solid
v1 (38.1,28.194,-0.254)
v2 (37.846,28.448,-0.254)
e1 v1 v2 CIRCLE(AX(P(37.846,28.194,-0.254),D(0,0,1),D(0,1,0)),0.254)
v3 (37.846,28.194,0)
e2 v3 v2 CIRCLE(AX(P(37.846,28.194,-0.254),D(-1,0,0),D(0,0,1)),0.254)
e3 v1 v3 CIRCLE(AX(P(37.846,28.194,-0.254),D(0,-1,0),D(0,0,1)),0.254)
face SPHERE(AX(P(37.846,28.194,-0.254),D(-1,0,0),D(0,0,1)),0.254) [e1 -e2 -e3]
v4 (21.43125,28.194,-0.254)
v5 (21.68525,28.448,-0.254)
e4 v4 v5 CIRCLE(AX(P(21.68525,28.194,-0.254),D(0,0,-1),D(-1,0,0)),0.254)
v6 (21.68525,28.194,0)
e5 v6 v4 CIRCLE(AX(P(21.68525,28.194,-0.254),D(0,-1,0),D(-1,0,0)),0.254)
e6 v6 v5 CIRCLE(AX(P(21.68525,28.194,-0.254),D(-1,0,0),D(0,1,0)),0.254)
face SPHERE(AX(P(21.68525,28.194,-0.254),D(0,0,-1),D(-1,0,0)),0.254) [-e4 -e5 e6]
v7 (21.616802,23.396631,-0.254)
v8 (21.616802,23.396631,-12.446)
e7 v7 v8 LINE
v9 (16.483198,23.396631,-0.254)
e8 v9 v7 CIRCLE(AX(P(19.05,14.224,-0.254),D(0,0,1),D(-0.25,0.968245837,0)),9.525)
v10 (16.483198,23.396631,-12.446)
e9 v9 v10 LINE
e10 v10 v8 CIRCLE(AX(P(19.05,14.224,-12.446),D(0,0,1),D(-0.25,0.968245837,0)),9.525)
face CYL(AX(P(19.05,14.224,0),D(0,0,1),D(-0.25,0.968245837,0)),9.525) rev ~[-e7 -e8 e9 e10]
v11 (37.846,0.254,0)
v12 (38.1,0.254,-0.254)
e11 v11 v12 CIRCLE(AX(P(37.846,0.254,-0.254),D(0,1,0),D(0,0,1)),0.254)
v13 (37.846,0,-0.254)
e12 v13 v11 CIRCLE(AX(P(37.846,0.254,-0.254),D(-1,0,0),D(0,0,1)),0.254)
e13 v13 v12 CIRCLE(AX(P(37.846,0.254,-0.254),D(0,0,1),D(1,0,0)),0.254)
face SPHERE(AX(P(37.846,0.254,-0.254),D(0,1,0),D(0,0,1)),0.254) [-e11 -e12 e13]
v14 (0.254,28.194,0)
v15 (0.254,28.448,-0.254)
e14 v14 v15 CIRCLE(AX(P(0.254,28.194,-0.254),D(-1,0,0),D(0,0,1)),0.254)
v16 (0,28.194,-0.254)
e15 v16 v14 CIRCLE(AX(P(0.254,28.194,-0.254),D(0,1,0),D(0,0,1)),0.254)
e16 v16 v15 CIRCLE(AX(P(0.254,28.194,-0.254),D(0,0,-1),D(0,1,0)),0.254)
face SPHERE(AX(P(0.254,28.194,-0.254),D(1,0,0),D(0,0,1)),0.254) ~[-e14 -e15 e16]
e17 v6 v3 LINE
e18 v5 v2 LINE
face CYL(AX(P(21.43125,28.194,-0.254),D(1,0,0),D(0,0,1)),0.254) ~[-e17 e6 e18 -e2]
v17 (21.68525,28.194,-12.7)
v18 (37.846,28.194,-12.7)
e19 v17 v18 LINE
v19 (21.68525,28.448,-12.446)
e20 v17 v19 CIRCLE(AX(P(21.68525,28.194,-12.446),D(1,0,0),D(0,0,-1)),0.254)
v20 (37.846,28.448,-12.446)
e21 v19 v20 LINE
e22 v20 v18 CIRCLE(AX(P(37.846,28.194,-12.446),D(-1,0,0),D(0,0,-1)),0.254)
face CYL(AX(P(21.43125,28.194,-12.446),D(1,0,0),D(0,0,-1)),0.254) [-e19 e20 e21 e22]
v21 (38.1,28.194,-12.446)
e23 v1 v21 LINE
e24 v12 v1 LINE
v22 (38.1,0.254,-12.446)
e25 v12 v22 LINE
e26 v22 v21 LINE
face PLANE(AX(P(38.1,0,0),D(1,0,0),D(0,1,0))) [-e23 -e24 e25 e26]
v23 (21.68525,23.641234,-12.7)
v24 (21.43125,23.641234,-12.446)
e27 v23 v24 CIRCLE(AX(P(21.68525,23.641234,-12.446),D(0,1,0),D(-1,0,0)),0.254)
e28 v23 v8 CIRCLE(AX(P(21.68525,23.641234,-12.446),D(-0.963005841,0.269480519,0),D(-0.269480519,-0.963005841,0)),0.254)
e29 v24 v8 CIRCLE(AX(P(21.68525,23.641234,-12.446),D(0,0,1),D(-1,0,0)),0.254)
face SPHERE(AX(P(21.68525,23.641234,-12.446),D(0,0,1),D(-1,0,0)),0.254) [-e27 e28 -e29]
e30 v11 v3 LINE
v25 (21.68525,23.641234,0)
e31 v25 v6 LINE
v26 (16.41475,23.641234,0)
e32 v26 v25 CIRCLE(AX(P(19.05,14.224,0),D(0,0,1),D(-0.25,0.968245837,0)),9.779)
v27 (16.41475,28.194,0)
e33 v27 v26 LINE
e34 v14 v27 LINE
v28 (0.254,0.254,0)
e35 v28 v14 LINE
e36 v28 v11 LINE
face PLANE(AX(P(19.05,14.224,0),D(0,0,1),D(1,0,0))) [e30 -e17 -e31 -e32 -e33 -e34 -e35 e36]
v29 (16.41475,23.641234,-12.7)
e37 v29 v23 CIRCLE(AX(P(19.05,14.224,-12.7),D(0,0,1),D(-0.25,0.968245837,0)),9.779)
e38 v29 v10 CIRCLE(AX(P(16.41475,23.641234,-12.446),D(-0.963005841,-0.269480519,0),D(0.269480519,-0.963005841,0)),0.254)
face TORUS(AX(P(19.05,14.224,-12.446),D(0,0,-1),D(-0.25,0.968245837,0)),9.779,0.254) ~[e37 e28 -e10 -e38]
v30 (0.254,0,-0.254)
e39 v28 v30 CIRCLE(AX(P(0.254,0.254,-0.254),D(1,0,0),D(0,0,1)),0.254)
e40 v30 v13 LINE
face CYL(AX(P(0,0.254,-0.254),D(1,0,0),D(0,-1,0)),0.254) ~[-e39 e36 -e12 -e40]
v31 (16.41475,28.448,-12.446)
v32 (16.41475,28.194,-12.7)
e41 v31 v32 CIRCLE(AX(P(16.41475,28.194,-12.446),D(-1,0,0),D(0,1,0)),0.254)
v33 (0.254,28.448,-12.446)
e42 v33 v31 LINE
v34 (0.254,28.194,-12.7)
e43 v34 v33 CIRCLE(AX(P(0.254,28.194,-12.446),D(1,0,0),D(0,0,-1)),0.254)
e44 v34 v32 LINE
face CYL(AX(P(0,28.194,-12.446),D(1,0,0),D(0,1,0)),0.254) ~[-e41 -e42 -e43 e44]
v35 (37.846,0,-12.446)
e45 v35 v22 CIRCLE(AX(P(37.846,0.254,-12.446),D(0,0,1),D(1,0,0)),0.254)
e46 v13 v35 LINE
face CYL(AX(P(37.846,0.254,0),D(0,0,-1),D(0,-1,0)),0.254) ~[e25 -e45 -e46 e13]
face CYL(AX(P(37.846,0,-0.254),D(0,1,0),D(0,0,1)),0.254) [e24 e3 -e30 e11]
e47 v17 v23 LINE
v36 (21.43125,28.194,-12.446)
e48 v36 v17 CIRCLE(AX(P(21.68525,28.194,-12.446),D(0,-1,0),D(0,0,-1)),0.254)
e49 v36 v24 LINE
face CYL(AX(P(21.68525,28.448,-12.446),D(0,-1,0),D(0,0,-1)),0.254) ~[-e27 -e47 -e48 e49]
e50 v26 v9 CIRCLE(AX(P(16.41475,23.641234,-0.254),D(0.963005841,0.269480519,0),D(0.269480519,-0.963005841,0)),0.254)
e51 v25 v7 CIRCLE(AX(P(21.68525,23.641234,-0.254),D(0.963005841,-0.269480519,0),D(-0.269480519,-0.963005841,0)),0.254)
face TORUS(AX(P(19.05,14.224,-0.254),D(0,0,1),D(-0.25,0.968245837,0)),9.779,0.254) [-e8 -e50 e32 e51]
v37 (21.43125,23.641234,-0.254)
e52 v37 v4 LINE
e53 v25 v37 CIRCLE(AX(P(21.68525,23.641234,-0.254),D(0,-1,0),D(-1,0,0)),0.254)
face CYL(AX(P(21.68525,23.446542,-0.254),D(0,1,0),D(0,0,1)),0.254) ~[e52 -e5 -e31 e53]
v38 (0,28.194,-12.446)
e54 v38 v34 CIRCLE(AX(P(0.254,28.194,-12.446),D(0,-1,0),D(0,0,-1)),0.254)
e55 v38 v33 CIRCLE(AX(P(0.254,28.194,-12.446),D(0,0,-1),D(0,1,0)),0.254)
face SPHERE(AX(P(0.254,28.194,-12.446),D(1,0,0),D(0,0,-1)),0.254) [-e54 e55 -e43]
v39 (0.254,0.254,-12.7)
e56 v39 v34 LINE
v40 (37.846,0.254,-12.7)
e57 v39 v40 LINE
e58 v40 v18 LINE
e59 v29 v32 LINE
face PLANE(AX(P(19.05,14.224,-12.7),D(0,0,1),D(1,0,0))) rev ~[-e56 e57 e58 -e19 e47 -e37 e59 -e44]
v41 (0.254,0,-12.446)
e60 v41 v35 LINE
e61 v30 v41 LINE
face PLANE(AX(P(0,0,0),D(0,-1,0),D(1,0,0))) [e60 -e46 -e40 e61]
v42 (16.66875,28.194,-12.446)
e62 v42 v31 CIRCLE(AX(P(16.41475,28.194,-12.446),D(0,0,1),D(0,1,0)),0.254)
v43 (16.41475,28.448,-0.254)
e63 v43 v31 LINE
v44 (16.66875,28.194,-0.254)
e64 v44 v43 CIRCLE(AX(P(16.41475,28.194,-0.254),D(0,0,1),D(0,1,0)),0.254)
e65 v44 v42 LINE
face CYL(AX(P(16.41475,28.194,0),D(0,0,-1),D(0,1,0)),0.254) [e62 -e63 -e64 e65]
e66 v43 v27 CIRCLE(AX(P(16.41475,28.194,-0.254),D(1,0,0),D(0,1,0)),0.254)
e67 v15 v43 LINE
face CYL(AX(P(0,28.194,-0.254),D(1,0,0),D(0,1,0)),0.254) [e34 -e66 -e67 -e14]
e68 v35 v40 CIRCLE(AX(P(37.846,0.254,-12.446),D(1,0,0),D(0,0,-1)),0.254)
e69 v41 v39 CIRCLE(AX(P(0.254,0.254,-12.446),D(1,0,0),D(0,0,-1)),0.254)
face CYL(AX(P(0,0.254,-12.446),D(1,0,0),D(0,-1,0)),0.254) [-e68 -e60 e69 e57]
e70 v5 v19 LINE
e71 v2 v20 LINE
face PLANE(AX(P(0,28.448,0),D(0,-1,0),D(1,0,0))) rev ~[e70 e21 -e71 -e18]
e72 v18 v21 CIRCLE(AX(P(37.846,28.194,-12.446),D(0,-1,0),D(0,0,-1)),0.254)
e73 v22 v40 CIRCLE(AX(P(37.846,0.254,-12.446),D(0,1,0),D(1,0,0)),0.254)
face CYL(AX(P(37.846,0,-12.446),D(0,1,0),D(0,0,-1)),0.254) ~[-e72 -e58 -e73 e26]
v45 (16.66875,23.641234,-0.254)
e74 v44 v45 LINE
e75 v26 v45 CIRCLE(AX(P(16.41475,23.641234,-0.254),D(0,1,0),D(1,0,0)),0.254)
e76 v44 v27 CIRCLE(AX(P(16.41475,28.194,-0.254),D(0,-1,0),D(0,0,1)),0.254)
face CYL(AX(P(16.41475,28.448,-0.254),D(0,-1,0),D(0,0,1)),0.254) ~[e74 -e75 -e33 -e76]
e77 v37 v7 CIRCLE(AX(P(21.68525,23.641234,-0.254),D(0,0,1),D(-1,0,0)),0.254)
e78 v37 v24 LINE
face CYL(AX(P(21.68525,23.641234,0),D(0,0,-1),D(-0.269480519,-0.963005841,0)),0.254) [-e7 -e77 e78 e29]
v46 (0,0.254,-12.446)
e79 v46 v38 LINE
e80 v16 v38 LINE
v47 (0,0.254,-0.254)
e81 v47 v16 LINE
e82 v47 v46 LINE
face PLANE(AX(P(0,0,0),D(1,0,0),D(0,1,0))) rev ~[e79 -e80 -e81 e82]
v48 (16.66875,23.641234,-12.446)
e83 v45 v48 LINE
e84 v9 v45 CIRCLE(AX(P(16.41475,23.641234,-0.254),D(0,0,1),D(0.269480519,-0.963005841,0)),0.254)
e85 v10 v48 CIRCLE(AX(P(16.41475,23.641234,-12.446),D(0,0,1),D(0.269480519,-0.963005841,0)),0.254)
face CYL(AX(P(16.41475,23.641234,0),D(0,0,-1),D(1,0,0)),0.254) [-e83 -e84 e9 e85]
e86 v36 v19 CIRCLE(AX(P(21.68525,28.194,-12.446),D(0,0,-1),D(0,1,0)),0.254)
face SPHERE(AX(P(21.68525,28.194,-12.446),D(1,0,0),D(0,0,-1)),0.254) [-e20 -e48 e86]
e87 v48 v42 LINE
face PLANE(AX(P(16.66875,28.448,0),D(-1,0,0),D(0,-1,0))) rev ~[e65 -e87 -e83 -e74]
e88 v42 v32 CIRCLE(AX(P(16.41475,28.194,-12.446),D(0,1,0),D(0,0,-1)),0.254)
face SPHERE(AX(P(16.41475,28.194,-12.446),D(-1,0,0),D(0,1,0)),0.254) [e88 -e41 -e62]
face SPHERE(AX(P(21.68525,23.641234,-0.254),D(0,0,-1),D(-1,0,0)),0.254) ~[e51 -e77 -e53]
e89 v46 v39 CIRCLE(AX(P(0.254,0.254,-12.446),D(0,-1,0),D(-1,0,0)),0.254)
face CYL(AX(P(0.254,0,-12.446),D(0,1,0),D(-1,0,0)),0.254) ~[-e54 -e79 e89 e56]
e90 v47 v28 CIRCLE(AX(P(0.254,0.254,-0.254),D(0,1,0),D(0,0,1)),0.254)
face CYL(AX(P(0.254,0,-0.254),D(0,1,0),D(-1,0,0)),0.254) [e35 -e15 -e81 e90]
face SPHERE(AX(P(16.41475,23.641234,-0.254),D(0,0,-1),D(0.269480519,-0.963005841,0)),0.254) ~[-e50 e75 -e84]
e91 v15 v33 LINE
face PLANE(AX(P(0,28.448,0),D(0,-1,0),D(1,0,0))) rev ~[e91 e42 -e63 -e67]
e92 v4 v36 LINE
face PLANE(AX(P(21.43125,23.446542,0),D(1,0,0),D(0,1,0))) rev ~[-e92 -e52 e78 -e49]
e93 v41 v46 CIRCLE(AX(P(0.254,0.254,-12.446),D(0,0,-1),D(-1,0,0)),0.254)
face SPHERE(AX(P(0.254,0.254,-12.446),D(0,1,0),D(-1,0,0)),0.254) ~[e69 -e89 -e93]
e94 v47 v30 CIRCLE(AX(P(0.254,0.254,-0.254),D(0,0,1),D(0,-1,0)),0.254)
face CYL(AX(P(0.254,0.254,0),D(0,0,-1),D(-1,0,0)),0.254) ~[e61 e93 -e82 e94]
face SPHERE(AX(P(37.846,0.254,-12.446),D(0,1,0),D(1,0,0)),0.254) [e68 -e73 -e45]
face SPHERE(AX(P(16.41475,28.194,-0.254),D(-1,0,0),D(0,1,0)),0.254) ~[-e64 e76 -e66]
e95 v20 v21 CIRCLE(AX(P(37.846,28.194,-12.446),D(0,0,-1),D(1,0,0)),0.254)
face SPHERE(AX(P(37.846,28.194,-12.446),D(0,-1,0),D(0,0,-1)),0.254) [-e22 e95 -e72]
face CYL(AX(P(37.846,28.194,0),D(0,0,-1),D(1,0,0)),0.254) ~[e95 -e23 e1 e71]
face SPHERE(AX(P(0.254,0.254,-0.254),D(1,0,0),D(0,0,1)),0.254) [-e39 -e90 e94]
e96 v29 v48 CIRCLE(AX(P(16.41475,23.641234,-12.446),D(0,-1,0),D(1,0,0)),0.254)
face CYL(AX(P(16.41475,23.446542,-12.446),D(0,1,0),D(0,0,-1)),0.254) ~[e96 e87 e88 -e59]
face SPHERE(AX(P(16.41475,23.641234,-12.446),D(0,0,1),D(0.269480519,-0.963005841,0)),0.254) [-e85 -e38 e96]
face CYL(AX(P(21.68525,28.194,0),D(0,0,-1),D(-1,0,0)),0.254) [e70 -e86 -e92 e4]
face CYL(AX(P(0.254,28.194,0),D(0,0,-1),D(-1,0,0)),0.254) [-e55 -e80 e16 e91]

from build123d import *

# Parameters (mm, degrees)
SKETCH1_W           = 38.1
SKETCH1_H           = 28.448
BOSS_EXTRUDE1_DEPTH = 12.7
CUT_EXTRUDE2_REACH  = 14.7
FILLET1_R           = 0.254


with BuildPart() as part:
    # Sketch1 → Boss-Extrude1 (new body)
    with BuildSketch(Plane.XY):
        with Locations((19.05, 14.224)):
            Rectangle(SKETCH1_W, SKETCH1_H)
    extrude(amount=-BOSS_EXTRUDE1_DEPTH)

    # Sketch3 → Cut-Extrude2 (cut, up to next)
    with BuildSketch(Plane.XY, mode=Mode.PRIVATE) as cut_extrude2_sk1:
        with BuildLine():
            Line((16.66875, 28.448), (16.66875, 23.446541593))
            ThreePointArc((16.66875, 23.446541593), (19.05, 4.699), (21.43125, 23.446541593))
            Line((21.43125, 23.446541593), (21.43125, 28.448))
            Line((21.43125, 28.448), (16.66875, 28.448))
        make_face()
    cut_extrude2_tool1 = extrude(cut_extrude2_sk1.sketch, amount=-CUT_EXTRUDE2_REACH, mode=Mode.PRIVATE) & part.part
    add(cut_extrude2_tool1.solids().sort_by_distance((19.05, 15.101748, 0))[0], mode=Mode.SUBTRACT)

    # Fillet1
    fillet1_edges = [part.edges().sort_by_distance(p)[0] for p in [
        (38.1, 14.224, -12.7),
        (8.334375, 28.448, 0),
        (8.334375, 28.448, -12.7),
        (29.765625, 28.448, -12.7),
        (21.43125, 23.446541593, -6.35),
        (16.66875, 23.446541593, -6.35),
        (16.66875, 28.448, -6.35),
        (21.43125, 25.947270797, -12.7),
        (21.43125, 28.448, -6.35),
        (21.43125, 25.947270797, 0),
        (19.05, 4.699, 0),
        (16.66875, 25.947270797, 0),
        (19.05, 4.699, -12.7),
        (16.66875, 25.947270797, -12.7),
        (0, 14.224, -12.7),
        (29.765625, 28.448, 0),
        (38.1, 14.224, 0),
        (19.05, 0, 0),
        (0, 14.224, 0),
        (0, 28.448, -6.35),
        (38.1, 28.448, -6.35),
        (38.1, 0, -6.35),
        (0, 0, -6.35),
        (19.05, 0, -12.7),
    ]]
    fillet(fillet1_edges, radius=FILLET1_R)


solid = part.part
